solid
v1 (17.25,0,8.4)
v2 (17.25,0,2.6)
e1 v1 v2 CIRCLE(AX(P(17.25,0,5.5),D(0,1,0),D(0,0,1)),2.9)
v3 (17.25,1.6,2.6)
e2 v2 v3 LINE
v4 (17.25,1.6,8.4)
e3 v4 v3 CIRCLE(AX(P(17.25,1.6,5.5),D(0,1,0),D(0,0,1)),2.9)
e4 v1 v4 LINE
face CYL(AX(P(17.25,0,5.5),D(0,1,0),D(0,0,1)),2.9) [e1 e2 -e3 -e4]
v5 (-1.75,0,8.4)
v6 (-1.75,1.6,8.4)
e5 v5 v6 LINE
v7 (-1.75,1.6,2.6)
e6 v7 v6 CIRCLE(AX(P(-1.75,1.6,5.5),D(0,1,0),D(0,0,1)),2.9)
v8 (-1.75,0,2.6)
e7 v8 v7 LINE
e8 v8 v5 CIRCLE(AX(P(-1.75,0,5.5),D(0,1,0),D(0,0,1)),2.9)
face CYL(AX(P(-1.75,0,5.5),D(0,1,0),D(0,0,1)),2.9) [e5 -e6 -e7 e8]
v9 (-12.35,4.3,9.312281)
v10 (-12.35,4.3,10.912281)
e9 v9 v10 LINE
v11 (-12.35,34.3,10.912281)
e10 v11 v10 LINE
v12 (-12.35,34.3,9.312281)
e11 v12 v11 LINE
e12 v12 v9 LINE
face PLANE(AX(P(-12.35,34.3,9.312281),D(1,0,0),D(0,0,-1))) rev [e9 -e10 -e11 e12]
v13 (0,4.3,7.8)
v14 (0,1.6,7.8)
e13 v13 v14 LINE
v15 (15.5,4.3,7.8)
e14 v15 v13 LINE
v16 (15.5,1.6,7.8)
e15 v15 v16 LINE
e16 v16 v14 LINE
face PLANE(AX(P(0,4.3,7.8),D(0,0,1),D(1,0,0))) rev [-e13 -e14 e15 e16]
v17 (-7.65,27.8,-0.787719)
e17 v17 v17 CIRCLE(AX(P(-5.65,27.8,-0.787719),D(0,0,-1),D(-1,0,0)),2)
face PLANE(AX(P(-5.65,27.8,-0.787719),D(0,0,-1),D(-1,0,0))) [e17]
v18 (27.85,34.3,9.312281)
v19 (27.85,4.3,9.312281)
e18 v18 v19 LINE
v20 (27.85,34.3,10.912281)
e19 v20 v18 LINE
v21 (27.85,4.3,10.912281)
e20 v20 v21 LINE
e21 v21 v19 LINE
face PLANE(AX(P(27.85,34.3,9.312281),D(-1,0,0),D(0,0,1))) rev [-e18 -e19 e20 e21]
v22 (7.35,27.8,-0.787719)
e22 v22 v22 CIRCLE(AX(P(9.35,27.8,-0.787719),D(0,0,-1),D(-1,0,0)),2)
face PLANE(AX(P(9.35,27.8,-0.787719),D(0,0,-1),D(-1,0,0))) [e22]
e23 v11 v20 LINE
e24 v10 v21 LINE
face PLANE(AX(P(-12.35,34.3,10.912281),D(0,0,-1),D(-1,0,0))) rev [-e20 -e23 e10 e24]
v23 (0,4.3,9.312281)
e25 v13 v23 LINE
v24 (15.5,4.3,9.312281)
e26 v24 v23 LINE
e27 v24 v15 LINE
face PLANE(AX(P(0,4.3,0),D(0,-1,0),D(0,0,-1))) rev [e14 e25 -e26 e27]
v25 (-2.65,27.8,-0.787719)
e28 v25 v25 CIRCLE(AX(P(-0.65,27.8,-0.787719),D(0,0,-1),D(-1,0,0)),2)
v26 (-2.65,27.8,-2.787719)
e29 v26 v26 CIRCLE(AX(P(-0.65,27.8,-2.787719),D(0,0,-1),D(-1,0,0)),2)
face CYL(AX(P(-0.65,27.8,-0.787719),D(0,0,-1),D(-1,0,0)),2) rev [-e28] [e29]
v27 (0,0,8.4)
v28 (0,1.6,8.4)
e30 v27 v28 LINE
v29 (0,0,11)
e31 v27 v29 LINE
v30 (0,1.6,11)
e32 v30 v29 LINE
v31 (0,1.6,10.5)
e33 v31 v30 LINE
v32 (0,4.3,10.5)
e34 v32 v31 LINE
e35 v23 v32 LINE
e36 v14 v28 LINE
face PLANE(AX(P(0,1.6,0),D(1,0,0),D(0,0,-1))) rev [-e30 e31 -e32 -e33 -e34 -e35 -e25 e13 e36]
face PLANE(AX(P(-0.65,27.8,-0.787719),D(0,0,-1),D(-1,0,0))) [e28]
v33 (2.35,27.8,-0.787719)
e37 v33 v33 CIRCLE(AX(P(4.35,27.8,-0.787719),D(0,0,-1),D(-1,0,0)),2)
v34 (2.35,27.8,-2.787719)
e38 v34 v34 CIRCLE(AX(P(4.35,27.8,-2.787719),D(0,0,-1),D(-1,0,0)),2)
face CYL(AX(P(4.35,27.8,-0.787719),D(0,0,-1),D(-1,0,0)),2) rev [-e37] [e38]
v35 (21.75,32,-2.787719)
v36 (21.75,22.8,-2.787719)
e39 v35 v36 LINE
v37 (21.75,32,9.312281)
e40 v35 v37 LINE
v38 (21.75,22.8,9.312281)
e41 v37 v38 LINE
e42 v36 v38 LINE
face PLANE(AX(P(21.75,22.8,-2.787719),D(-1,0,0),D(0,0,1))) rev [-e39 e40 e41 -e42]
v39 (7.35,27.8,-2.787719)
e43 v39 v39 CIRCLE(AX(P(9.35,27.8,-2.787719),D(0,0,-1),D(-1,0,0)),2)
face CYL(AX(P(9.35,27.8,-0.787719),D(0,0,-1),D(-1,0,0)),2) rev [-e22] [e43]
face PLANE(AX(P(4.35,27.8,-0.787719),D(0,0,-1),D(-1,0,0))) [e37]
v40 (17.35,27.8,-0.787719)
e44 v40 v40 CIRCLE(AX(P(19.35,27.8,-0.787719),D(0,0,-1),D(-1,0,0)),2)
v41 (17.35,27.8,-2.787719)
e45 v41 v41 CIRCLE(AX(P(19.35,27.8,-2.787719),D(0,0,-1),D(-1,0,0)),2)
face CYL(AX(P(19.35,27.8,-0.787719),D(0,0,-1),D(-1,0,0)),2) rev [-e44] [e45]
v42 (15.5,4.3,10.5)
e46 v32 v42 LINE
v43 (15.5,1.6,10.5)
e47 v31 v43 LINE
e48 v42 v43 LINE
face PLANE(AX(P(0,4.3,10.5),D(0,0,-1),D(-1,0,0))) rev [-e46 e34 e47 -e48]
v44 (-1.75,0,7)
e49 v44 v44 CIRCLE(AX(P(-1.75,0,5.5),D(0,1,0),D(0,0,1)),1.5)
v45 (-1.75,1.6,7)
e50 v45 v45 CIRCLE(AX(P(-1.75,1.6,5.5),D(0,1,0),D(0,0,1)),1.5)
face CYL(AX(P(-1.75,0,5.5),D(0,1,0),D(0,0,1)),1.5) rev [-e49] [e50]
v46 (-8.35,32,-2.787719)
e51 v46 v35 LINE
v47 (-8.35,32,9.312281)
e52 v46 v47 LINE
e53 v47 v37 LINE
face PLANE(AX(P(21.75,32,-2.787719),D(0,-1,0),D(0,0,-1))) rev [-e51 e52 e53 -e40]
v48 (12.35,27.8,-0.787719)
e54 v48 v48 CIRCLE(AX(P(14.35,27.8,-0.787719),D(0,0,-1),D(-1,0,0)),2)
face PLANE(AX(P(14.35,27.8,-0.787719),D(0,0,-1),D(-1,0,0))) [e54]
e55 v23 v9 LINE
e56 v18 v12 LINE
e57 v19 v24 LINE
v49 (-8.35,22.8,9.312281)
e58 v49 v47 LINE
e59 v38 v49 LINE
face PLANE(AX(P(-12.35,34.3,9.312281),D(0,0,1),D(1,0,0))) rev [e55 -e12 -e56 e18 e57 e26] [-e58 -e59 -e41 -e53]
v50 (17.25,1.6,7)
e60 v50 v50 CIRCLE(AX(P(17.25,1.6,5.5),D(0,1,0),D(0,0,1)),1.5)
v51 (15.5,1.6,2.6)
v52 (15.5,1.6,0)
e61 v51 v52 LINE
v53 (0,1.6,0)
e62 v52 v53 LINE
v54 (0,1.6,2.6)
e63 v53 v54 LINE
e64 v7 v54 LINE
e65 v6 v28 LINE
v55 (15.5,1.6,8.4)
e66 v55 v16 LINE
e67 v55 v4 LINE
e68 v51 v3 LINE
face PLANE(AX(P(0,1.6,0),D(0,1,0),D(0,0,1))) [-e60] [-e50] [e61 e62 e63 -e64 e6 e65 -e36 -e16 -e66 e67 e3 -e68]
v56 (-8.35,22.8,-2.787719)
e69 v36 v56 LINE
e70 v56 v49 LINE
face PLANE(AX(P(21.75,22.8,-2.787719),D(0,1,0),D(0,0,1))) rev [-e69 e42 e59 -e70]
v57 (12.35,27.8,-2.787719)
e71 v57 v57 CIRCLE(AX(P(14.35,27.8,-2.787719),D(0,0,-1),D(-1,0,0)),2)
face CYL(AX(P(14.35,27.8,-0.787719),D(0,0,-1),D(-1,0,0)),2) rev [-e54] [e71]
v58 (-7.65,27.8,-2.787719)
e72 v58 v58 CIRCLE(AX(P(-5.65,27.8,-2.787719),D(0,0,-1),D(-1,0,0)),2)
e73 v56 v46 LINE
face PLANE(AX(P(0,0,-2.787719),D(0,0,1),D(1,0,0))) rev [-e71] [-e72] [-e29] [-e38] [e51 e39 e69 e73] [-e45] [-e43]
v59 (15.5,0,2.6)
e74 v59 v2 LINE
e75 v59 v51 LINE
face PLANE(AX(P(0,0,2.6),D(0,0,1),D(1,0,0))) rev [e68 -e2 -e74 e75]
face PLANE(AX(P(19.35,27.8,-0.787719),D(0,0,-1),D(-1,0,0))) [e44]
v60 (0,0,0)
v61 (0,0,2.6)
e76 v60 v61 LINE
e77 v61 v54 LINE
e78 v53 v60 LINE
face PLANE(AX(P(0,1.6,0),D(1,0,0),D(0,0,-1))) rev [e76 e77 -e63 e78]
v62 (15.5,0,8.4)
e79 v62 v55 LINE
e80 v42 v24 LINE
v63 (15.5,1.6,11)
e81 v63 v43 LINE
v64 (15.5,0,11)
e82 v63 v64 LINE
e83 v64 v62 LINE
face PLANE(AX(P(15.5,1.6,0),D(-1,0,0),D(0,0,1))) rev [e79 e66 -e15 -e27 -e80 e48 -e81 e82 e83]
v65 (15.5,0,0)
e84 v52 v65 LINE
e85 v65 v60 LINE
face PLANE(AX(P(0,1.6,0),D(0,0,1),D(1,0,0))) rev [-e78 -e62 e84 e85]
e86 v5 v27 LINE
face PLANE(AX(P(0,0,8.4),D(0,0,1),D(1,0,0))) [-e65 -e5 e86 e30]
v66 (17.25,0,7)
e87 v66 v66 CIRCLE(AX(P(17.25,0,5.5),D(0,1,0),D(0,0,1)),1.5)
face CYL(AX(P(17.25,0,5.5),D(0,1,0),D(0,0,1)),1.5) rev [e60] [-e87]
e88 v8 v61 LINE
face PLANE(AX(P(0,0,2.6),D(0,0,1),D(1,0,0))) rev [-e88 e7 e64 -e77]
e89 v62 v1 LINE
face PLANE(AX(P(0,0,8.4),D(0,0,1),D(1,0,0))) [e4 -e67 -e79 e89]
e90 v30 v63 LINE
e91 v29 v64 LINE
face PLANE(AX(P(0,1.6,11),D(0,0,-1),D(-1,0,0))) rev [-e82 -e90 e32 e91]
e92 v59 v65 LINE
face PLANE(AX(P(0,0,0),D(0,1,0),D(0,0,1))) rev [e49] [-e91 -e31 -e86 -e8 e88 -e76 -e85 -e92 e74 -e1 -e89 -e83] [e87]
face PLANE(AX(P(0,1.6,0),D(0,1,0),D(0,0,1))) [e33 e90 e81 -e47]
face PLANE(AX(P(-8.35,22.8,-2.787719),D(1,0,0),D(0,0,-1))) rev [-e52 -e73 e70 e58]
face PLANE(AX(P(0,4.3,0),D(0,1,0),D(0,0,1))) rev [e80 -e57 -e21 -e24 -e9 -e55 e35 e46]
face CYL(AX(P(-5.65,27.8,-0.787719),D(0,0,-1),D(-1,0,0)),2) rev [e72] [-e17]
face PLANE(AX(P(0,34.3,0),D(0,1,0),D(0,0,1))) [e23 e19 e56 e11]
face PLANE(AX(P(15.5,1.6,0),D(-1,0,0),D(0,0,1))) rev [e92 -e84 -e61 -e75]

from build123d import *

# Parameters (mm, degrees)
SKETCH1_W           = 15.5
SKETCH1_H           = 11
BOSS_EXTRUDE1_DEPTH = 1.6
BOSS_EXTRUDE2_DEPTH = 1.6
SKETCH3_W           = 15.5
SKETCH3_H           = 2.7
BOSS_EXTRUDE3_DEPTH = 2.7
SKETCH4_W           = 40.2
SKETCH4_H           = 1.6
BOSS_EXTRUDE4_DEPTH = 30
SKETCH5_W           = 30.1
SKETCH5_H           = 9.2
BOSS_EXTRUDE5_DEPTH = 12.1
SKETCH6_R           = 2
CUT_EXTRUDE1_DEPTH  = 2
LPATTERN1_COUNT     = 6
LPATTERN1_PITCH     = 5


with BuildPart() as part:
    # Sketch1 → Boss-Extrude1 (new body)
    with BuildSketch(Plane(origin=(0, 0, 0), x_dir=(1, 0, 0), z_dir=(0, 1, 0))):
        with Locations((7.75, -5.5)):
            Rectangle(SKETCH1_W, SKETCH1_H)
    extrude(amount=BOSS_EXTRUDE1_DEPTH)

    # Sketch2 → Boss-Extrude2 (add, through all)
    with BuildSketch(Plane(origin=(0, 1.6, 0), x_dir=(1, 0, 0), z_dir=(0, 1, 0))):
        with BuildLine():
            Line((-1.75, -4), (-1.75, -2.6))
            ThreePointArc((-1.75, -2.6), (-4.65, -5.5), (-1.75, -8.4))
            Line((-1.75, -8.4), (-1.75, -7))
            ThreePointArc((-1.75, -7), (-3.25, -5.5), (-1.75, -4))
        make_face()
        with BuildLine():
            ThreePointArc((0, -3.187533784), (-0.827002716, -2.750804479), (-1.75, -2.6))
            Line((-1.75, -2.6), (-1.75, -4))
            ThreePointArc((-1.75, -4), (-0.689339828, -4.439339828), (-0.25, -5.5))
            ThreePointArc((-0.25, -5.5), (-0.689339828, -6.560660172), (-1.75, -7))
            Line((-1.75, -7), (-1.75, -8.4))
            ThreePointArc((-1.75, -8.4), (-0.827002716, -8.249195521), (0, -7.812466216))
            Line((0, -7.812466216), (0, -3.187533784))
        make_face()
        with BuildLine():
            Line((0, -2.6), (-1.75, -2.6))
            ThreePointArc((-1.75, -2.6), (-0.827002716, -2.750804479), (0, -3.187533784))
            Line((0, -3.187533784), (0, -2.6))
        make_face()
        with BuildLine():
            ThreePointArc((0, -7.812466216), (-0.827002716, -8.249195521), (-1.75, -8.4))
            Line((-1.75, -8.4), (0, -8.4))
            Line((0, -8.4), (0, -7.812466216))
        make_face()
        with BuildLine():
            ThreePointArc((20.15, -5.5), (19.300609665, -3.449390335), (17.25, -2.6))
            Line((17.25, -2.6), (17.25, -4))
            ThreePointArc((17.25, -4), (18.310660172, -4.439339828), (18.75, -5.5))
            ThreePointArc((18.75, -5.5), (18.310660172, -6.560660172), (17.25, -7))
            Line((17.25, -7), (17.25, -8.4))
            ThreePointArc((17.25, -8.4), (19.300609665, -7.550609665), (20.15, -5.5))
        make_face()
        with BuildLine():
            Line((17.25, -4), (17.25, -2.6))
            ThreePointArc((17.25, -2.6), (16.327002716, -2.750804479), (15.5, -3.187533784))
            Line((15.5, -3.187533784), (15.5, -7.812466216))
            ThreePointArc((15.5, -7.812466216), (16.327002716, -8.249195521), (17.25, -8.4))
            Line((17.25, -8.4), (17.25, -7))
            ThreePointArc((17.25, -7), (15.75, -5.5), (17.25, -4))
        make_face()
        with BuildLine():
            Line((17.25, -2.6), (15.5, -2.6))
            Line((15.5, -2.6), (15.5, -3.187533784))
            ThreePointArc((15.5, -3.187533784), (16.327002716, -2.750804479), (17.25, -2.6))
        make_face()
        with BuildLine():
            Line((15.5, -7.812466216), (15.5, -8.4))
            Line((15.5, -8.4), (17.25, -8.4))
            ThreePointArc((17.25, -8.4), (16.327002716, -8.249195521), (15.5, -7.812466216))
        make_face()
    extrude(amount=-BOSS_EXTRUDE2_DEPTH)

    # Sketch3 → Boss-Extrude3 (add)
    with BuildSketch(Plane(origin=(0, 1.6, 0), x_dir=(1, 0, 0), z_dir=(0, 1, 0))):
        with Locations((7.75, -9.15)):
            Rectangle(SKETCH3_W, SKETCH3_H)
    extrude(amount=BOSS_EXTRUDE3_DEPTH)

    # Sketch4 → Boss-Extrude4 (add)
    with BuildSketch(Plane(origin=(0, 4.3, 0), x_dir=(1, 0, 0), z_dir=(0, 1, 0))):
        with Locations((7.75, -10.112281479)):
            Rectangle(SKETCH4_W, SKETCH4_H)
    extrude(amount=BOSS_EXTRUDE4_DEPTH)

    # Sketch5 → Boss-Extrude5 (add)
    with BuildSketch(Plane(origin=(0, 0, 9.312281479), x_dir=(-1, 0, 0), z_dir=(0, 0, -1))):
        with Locations((-6.7, 27.4)):
            Rectangle(SKETCH5_W, SKETCH5_H)
    extrude(amount=BOSS_EXTRUDE5_DEPTH)

    # Sketch6 → Cut-Extrude1 (cut)
    with BuildSketch(Plane(origin=(0, 0, -2.787718521), x_dir=(-1, 0, 0), z_dir=(0, 0, -1))):
        with Locations((-19.35, 27.8)):
            Circle(SKETCH6_R)
    cut_extrude1 = extrude(amount=-CUT_EXTRUDE1_DEPTH, mode=Mode.SUBTRACT)

    # LPattern1: Cut-Extrude1 ×6
    with Locations(*[(-i * LPATTERN1_PITCH, 0, 0) for i in range(1, LPATTERN1_COUNT)]):
        add(cut_extrude1, mode=Mode.SUBTRACT)


solid = part.part
